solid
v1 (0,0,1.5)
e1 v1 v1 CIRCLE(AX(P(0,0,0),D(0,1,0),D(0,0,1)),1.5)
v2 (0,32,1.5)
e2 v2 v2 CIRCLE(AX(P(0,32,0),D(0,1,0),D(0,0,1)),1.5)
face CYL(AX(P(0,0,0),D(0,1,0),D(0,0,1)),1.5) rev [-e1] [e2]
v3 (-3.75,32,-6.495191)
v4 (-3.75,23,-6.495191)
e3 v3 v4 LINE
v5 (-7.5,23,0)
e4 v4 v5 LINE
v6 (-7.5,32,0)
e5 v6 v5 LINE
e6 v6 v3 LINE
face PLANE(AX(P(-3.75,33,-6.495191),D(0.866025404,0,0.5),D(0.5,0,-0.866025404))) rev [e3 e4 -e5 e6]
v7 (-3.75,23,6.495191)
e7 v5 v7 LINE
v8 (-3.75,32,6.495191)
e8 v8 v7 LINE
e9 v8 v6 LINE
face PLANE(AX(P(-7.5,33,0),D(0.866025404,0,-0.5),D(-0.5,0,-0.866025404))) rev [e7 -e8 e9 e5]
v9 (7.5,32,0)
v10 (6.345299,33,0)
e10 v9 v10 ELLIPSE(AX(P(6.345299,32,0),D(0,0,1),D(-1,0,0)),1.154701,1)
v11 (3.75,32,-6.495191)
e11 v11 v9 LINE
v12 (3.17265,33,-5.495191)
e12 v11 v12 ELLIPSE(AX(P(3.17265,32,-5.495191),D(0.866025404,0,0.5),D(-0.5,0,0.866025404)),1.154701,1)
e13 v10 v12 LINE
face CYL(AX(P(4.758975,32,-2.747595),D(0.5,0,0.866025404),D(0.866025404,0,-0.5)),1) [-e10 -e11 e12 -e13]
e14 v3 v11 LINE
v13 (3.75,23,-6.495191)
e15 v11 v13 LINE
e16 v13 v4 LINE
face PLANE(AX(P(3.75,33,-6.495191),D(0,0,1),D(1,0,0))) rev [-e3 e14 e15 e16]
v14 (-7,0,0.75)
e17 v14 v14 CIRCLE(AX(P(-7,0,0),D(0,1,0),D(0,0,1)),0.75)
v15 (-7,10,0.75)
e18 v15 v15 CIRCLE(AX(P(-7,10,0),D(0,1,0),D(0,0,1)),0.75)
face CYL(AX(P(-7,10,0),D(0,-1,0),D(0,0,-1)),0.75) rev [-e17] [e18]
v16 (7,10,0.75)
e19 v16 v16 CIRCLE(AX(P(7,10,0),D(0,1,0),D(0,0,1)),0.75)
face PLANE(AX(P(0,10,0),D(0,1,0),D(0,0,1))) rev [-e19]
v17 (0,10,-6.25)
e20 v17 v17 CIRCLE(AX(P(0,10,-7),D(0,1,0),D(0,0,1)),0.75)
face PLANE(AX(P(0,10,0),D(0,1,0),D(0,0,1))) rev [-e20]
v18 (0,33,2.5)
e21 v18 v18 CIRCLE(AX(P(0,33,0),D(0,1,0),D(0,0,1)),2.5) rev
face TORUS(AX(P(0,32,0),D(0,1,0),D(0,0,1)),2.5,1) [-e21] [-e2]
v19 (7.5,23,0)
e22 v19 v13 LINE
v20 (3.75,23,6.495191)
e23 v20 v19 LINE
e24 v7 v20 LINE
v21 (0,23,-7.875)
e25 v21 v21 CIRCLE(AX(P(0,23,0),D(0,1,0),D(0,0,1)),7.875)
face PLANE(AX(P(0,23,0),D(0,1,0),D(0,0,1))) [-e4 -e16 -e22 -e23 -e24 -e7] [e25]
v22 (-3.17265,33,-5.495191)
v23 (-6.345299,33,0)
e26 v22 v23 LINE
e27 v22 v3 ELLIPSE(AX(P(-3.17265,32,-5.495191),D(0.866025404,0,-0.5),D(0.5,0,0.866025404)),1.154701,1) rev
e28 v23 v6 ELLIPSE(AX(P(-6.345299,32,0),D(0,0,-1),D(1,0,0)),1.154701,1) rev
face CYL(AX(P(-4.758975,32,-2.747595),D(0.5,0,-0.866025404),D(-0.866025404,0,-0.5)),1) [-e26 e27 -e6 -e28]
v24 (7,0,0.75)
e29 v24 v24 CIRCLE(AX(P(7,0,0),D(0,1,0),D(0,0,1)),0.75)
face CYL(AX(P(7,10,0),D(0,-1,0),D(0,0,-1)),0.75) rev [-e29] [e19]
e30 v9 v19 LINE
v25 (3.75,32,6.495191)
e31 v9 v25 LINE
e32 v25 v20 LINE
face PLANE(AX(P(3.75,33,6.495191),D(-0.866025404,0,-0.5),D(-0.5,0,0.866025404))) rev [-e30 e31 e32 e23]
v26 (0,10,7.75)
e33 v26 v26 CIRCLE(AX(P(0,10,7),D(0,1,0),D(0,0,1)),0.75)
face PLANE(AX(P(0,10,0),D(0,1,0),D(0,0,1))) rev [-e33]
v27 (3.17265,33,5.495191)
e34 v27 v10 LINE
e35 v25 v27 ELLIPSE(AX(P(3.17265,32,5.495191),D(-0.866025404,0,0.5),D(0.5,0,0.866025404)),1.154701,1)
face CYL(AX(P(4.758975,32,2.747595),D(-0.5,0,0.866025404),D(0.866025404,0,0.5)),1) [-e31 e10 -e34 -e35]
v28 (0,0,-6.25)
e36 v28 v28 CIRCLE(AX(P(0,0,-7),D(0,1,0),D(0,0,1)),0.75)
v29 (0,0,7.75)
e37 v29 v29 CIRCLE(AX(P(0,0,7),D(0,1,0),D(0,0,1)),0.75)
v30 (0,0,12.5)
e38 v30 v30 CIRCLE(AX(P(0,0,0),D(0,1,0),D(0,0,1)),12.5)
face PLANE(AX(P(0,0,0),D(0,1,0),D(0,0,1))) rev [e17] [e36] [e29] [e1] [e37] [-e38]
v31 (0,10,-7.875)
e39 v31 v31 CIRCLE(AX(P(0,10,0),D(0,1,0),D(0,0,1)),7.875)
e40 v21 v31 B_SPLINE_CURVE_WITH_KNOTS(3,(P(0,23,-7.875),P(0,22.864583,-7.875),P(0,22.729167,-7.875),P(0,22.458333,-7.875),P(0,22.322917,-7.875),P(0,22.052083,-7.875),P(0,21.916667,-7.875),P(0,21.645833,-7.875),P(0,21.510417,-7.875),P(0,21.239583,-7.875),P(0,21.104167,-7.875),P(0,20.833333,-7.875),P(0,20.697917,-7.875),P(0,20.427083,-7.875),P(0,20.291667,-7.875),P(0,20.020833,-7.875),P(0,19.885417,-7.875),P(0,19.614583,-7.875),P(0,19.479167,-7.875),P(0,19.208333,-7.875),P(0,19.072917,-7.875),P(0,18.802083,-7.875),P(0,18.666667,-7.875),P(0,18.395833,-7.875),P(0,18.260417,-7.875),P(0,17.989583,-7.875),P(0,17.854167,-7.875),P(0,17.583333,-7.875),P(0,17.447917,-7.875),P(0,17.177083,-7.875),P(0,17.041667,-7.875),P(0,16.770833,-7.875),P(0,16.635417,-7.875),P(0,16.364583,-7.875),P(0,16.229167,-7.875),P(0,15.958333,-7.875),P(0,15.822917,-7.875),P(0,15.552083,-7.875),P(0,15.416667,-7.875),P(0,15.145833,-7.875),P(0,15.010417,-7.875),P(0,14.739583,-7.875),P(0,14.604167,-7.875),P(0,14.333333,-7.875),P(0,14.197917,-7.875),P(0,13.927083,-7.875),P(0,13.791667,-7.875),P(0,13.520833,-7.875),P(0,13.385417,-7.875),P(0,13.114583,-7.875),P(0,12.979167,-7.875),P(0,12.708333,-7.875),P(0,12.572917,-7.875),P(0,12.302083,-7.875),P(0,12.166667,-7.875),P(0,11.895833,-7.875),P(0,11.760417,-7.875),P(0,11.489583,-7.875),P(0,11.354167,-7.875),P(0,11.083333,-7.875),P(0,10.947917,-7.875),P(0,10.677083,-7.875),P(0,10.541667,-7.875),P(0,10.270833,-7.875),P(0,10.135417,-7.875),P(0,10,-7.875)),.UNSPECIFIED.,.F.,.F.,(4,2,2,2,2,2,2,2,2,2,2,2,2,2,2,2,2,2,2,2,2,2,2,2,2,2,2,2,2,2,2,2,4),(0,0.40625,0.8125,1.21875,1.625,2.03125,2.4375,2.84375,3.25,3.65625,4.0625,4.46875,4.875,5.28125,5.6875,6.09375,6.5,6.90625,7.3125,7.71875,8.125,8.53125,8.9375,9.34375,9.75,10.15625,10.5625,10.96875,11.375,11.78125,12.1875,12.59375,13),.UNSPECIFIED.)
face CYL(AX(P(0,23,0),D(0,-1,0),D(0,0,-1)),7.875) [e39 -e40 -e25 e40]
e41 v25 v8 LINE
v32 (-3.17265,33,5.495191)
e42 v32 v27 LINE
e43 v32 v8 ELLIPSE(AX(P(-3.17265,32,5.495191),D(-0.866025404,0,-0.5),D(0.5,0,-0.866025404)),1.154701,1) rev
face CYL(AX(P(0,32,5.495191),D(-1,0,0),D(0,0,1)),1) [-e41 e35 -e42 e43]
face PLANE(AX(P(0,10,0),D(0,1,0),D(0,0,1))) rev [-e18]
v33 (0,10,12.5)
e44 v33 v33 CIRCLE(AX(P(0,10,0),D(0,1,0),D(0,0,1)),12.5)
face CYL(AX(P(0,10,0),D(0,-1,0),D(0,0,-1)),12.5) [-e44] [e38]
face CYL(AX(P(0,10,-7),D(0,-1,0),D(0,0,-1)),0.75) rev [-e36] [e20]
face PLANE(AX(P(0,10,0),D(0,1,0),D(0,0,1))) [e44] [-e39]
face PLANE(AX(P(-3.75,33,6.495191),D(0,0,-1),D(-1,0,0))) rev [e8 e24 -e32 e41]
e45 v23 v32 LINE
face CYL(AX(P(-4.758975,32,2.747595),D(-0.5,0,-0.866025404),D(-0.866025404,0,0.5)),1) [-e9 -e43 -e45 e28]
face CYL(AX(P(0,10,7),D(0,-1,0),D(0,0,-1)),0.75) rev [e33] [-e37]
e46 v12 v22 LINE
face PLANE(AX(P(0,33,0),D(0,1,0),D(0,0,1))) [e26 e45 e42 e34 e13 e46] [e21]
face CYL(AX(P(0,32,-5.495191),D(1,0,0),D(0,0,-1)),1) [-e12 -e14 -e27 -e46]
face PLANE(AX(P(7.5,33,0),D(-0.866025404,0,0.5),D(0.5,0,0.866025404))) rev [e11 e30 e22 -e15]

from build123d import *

# Parameters (mm, degrees)
CROQUIS1_R              = 12.5
CROQUIS1_R_2            = 0.75
SALIENTE_EXTRUIR1_DEPTH = 10
CROQUIS2_R              = 7.875
SALIENTE_EXTRUIR2_DEPTH = 13
SALIENTE_EXTRUIR3_DEPTH = 10
CROQUIS4_R              = 1.5
CORTAR_EXTRUIR1_DEPTH   = 38.436613095
REDONDEO1_R             = 1


with BuildPart() as part:
    # Croquis1 → Saliente-Extruir1 (new body)
    with BuildSketch(Plane(origin=(0, 0, 0), x_dir=(1, 0, 0), z_dir=(0, 1, 0))):
        with Locations(Location((0, 0, 0), (0, 0, 270))):
            Circle(CROQUIS1_R)
        with Locations(Location((7, 0, 0), (0, 0, 270))):
            Circle(CROQUIS1_R_2, mode=Mode.SUBTRACT)
        with Locations(Location((0, -7, 0), (0, 0, 270))):
            Circle(CROQUIS1_R_2, mode=Mode.SUBTRACT)
        with Locations(Location((-7, 0, 0), (0, 0, 270))):
            Circle(CROQUIS1_R_2, mode=Mode.SUBTRACT)
        with Locations(Location((0, 7, 0), (0, 0, 270))):
            Circle(CROQUIS1_R_2, mode=Mode.SUBTRACT)
    extrude(amount=SALIENTE_EXTRUIR1_DEPTH)

    # Croquis2 → Saliente-Extruir2 (add)
    with BuildSketch(Plane(origin=(0, 10, 0), x_dir=(1, 0, 0), z_dir=(0, 1, 0))):
        with Locations(Location((0, 0, 0), (0, 0, 90))):
            Circle(CROQUIS2_R)
    extrude(amount=SALIENTE_EXTRUIR2_DEPTH)

    # Croquis3 → Saliente-Extruir3 (add)
    with BuildSketch(Plane(origin=(0, 23, 0), x_dir=(1, 0, 0), z_dir=(0, 1, 0))):
        Polygon((7.5, 0), (3.75, 6.495190528), (-3.75, 6.495190528), (-7.5, 0), (-3.75, -6.495190528), (3.75, -6.495190528), align=None)
    extrude(amount=SALIENTE_EXTRUIR3_DEPTH)

    # Croquis4 → Cortar-Extruir1 (cut, through all)
    with BuildSketch(Plane(origin=(0, 33, 0), x_dir=(1, 0, 0), z_dir=(0, 1, 0))):
        with Locations(Location((0, 0, 0), (0, 0, 270))):
            Circle(CROQUIS4_R)
    extrude(amount=-CORTAR_EXTRUIR1_DEPTH, mode=Mode.SUBTRACT)

    # Redondeo1
    redondeo1_edges = [part.edges().sort_by_distance(p)[0] for p in [
        (5.625, 33, 3.247595264),
        (5.625, 33, -3.247595264),
        (0, 33, -6.495190528),
        (-5.625, 33, -3.247595264),
        (-5.625, 33, 3.247595264),
        (0, 33, 6.495190528),
        (0, 33, -1.5),
    ]]
    fillet(redondeo1_edges, radius=REDONDEO1_R)


solid = part.part
